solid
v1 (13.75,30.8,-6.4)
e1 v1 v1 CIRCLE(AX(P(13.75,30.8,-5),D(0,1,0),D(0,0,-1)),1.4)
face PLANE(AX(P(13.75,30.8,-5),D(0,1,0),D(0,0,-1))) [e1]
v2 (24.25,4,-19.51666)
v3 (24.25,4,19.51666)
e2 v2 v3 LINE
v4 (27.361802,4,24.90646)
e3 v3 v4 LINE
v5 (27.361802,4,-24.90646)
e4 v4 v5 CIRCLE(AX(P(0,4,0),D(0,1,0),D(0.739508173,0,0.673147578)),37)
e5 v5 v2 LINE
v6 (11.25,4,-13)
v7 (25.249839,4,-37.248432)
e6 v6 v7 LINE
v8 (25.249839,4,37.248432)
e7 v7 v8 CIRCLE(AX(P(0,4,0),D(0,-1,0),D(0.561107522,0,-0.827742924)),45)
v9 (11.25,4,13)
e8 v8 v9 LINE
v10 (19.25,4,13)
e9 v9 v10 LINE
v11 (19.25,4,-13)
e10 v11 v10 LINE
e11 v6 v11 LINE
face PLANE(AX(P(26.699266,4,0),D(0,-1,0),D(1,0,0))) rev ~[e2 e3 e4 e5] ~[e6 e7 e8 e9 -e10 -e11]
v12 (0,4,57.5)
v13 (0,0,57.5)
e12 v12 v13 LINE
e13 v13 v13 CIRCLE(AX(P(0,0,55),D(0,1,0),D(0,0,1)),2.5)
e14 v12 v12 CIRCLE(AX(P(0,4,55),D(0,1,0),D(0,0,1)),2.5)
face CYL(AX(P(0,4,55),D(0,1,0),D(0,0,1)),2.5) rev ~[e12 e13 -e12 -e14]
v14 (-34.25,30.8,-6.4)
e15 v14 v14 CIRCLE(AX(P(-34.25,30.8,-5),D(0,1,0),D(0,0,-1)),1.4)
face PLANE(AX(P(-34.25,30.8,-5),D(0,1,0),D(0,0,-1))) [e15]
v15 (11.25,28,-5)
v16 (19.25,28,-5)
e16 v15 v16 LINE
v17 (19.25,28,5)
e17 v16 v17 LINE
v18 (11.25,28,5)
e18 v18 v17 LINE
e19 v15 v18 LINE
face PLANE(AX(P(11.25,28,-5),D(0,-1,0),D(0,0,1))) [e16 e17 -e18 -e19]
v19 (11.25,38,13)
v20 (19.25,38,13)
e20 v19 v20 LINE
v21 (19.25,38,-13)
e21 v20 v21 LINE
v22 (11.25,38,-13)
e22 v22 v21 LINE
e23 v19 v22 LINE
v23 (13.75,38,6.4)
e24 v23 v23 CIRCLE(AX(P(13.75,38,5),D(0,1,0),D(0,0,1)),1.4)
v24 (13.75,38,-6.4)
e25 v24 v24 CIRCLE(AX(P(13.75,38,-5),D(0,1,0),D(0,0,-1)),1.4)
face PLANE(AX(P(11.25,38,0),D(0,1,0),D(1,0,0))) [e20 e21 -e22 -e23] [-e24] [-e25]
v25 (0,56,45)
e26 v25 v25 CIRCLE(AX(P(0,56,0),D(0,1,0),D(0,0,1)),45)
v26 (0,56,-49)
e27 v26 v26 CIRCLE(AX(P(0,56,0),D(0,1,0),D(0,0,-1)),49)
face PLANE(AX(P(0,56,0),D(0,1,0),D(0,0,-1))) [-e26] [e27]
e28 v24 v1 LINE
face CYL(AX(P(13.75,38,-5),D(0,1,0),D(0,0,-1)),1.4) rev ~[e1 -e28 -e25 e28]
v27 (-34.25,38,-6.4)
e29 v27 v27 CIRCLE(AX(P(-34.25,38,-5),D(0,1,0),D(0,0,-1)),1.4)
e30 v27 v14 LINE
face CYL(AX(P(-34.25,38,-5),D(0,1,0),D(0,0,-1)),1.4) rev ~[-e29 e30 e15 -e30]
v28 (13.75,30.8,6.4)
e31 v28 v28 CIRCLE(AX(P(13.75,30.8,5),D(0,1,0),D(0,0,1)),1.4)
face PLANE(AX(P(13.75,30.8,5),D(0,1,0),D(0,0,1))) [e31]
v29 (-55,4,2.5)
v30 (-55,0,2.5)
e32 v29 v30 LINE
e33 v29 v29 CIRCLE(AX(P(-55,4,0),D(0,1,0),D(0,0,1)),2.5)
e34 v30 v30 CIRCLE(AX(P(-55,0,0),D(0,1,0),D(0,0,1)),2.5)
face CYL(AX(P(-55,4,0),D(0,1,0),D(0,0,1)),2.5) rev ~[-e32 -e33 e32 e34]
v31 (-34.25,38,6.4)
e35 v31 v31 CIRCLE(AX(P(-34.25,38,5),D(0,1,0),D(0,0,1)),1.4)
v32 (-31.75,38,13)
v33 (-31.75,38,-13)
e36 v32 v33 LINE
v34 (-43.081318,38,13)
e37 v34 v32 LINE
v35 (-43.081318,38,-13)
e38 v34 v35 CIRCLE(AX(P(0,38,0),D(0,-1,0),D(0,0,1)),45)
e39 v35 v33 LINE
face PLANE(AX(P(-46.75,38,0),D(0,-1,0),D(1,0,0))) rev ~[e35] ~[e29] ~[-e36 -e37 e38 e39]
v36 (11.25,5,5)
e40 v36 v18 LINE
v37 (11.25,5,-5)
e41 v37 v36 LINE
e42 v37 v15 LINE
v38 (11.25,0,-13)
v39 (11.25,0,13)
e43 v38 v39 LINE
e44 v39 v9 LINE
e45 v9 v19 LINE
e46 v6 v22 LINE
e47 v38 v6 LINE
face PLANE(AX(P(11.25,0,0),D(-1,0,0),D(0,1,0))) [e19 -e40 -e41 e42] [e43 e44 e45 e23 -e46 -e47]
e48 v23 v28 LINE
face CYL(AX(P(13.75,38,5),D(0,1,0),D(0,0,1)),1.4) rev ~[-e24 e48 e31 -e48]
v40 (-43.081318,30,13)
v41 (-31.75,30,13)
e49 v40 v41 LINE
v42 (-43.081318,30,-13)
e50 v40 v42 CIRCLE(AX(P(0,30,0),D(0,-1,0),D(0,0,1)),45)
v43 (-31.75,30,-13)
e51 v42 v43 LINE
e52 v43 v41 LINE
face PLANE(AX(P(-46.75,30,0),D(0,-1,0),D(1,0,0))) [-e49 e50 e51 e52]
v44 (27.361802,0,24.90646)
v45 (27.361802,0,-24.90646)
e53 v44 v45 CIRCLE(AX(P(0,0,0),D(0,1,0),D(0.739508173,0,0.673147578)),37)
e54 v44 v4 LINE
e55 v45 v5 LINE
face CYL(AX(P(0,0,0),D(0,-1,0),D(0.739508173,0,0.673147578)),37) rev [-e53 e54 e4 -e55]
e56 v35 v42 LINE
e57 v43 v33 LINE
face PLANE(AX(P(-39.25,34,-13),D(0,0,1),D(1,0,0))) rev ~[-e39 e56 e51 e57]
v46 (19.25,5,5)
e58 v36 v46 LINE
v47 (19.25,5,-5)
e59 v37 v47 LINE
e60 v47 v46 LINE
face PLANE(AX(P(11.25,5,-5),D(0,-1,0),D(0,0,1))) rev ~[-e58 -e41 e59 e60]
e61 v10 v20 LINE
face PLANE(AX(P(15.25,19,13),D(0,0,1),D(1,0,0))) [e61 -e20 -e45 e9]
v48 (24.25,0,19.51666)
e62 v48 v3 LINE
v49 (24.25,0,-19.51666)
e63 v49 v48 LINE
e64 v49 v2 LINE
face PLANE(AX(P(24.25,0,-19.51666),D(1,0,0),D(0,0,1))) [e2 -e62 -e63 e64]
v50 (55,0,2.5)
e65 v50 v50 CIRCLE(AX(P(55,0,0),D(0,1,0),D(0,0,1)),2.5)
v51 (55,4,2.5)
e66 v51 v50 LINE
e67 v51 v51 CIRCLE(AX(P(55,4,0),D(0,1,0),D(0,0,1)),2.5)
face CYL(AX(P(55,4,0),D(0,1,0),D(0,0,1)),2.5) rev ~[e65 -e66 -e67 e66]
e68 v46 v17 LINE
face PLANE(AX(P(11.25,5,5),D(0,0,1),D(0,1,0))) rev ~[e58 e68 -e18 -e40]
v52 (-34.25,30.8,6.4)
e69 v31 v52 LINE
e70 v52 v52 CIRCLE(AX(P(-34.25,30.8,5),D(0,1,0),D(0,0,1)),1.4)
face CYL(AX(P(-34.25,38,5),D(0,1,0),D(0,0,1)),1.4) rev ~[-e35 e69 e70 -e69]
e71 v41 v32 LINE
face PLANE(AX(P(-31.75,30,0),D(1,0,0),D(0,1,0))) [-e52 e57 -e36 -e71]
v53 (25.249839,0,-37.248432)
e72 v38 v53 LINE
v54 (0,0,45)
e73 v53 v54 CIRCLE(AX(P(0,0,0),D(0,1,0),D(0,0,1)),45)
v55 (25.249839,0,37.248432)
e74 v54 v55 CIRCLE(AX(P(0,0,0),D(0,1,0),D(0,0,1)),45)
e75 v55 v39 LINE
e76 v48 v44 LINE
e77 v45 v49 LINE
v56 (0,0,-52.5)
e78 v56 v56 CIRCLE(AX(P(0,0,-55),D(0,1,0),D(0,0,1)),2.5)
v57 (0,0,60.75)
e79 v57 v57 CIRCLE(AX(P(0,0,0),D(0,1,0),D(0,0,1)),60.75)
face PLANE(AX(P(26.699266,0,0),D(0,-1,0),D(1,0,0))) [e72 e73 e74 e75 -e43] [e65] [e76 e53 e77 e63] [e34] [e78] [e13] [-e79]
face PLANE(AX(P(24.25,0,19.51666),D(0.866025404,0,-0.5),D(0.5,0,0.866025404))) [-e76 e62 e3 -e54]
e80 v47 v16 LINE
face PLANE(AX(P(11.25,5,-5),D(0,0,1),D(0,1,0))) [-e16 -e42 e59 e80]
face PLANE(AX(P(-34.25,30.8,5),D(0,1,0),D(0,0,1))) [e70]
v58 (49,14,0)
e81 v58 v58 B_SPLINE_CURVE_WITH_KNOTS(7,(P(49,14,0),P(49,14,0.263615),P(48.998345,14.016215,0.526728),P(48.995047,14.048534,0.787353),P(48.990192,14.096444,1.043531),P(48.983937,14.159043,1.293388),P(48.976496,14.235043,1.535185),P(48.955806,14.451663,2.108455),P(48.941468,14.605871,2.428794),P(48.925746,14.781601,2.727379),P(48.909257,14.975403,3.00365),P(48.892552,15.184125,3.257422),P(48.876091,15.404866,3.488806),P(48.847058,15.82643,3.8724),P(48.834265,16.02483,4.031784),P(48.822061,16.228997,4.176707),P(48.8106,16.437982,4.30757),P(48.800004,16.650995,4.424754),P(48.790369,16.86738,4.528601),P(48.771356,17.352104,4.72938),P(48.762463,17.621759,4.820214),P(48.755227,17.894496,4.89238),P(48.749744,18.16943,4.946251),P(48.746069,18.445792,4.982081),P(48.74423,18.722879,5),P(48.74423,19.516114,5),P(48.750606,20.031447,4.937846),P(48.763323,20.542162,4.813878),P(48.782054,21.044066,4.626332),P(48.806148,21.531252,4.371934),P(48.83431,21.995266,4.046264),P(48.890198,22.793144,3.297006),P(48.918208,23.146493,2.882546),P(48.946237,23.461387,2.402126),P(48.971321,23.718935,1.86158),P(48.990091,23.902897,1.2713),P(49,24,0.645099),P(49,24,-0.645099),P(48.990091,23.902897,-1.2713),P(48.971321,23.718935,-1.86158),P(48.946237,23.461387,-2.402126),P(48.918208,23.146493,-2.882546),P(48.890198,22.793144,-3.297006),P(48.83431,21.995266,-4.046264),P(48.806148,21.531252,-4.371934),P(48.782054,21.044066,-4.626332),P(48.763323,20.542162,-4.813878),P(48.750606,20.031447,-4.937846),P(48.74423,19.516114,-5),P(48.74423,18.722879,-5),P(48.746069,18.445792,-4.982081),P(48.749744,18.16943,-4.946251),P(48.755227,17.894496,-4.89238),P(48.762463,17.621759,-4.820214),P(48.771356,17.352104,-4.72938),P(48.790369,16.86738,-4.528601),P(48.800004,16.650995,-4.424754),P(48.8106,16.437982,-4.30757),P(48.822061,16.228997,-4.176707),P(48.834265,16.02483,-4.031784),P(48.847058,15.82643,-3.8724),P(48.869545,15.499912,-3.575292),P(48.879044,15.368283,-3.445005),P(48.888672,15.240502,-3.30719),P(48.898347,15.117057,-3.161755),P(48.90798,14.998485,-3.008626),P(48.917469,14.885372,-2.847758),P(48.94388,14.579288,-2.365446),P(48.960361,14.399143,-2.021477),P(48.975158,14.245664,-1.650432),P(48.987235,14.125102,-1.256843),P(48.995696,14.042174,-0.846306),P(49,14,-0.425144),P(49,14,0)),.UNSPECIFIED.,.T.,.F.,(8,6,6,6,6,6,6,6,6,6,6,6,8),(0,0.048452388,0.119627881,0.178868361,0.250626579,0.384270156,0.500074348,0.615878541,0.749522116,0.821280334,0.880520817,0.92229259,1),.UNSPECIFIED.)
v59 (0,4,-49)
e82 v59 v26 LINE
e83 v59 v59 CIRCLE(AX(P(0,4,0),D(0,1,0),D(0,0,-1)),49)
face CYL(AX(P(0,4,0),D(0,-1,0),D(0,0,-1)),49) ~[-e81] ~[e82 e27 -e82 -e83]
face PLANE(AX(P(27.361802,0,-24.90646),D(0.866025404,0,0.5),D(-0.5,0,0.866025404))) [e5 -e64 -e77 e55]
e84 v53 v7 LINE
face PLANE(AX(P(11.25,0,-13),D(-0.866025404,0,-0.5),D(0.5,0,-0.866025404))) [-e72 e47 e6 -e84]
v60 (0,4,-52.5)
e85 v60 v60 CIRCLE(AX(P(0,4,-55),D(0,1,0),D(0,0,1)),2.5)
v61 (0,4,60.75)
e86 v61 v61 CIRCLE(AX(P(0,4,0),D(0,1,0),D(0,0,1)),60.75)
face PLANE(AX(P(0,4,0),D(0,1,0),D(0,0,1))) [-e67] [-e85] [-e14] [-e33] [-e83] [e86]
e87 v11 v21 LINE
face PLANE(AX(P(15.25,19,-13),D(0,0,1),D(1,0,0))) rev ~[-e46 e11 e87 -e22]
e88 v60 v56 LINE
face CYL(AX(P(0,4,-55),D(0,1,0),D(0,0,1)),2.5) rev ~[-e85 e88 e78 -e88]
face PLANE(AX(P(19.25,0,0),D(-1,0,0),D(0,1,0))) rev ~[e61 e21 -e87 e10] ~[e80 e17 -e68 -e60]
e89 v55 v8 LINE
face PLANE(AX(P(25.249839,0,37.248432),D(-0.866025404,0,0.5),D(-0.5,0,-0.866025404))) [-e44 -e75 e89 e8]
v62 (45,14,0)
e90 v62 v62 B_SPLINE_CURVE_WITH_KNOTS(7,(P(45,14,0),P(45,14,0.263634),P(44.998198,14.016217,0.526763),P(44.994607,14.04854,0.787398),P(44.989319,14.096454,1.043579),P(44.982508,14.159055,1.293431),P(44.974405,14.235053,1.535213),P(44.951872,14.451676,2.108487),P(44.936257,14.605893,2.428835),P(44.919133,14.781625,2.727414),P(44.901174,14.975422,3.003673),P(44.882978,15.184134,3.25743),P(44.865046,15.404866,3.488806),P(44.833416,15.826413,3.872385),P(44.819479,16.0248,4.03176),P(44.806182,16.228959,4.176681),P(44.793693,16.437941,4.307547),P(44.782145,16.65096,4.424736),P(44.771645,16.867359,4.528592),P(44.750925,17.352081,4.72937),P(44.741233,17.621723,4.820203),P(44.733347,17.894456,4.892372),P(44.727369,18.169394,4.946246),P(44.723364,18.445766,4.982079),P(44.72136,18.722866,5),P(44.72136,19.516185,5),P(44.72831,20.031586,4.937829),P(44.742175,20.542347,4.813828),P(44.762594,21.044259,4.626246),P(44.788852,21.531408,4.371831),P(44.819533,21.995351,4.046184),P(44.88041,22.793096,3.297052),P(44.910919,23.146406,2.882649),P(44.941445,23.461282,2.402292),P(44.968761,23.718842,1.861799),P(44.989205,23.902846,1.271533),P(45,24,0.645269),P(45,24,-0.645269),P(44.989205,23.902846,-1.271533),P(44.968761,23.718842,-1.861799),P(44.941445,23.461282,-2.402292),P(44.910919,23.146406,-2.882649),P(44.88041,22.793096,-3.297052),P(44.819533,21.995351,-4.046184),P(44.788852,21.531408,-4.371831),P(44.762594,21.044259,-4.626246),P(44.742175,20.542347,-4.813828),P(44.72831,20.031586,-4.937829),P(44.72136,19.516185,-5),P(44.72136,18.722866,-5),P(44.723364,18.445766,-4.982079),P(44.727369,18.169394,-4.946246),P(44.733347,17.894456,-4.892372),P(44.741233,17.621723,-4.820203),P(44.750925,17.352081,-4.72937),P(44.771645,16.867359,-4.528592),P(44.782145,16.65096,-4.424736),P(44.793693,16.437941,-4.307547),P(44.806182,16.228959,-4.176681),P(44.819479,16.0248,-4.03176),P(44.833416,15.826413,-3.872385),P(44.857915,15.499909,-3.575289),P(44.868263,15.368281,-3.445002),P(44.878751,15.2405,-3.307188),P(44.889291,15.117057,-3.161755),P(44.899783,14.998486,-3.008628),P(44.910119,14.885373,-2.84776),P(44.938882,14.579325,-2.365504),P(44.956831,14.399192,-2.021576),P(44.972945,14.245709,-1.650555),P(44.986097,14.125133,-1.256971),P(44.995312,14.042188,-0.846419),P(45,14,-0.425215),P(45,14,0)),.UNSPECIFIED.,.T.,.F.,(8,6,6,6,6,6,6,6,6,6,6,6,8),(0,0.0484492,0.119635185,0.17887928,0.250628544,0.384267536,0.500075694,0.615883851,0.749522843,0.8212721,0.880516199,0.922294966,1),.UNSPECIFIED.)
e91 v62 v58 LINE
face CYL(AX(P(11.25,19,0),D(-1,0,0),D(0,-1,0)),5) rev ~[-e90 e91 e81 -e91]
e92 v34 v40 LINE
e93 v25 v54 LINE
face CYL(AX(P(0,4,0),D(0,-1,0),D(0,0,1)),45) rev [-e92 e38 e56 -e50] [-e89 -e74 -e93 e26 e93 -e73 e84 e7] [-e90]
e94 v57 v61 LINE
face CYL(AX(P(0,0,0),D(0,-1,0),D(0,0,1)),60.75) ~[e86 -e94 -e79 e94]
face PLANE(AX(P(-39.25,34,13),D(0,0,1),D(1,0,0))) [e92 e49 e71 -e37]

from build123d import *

# Parameters (mm, degrees)
SKETCH1_R               = 60.75
SKETCH1_R_2             = 45
BOSS_EXTRUDE1_DEPTH     = 4
SKETCH2_R               = 49
SKETCH2_R_2             = 45
BOSS_EXTRUDE2_DEPTH     = 52
SKETCH3_W               = 8
SKETCH3_H               = 38
SKETCH3_W_2             = 15
SKETCH3_H_2             = 8
BOSS_EXTRUDE3_DEPTH     = 13
SKETCH4_W               = 10
SKETCH4_H               = 23
CUT_EXTRUDE1_DEPTH      = 8
CUT_EXTRUDE2_REACH      = 111.593
CUT_EXTRUDE2_END_RADIUS = 49
SKETCH5_R               = 5
SKETCH6_R               = 1.4
CUT_EXTRUDE3_DEPTH      = 7.2
BOSS_EXTRUDE4_DEPTH     = 4
SKETCH8_R               = 2.5
CUT_EXTRUDE4_DEPTH      = 4


with BuildPart() as part:
    # Sketch1 → Boss-Extrude1 (new body)
    with BuildSketch(Plane(origin=(0, 0, 0), x_dir=(1, 0, 0), z_dir=(0, 1, 0))):
        with Locations(Location((0, 0, 0), (0, 0, 270))):
            Circle(SKETCH1_R)
        with Locations(Location((0, 0, 0), (0, 0, 270))):
            Circle(SKETCH1_R_2, mode=Mode.SUBTRACT)
    extrude(amount=BOSS_EXTRUDE1_DEPTH)

    # Sketch2 → Boss-Extrude2 (add)
    with BuildSketch(Plane(origin=(0, 4, 0), x_dir=(1, 0, 0), z_dir=(0, 1, 0))):
        with Locations(Location((0, 0, 0), (0, 0, 90))):
            Circle(SKETCH2_R)
        with Locations(Location((0, 0, 0), (0, 0, 270))):
            Circle(SKETCH2_R_2, mode=Mode.SUBTRACT)
    extrude(amount=BOSS_EXTRUDE2_DEPTH)

    # Sketch3 → Boss-Extrude3 (add, symmetric)
    with BuildSketch(Plane.XY):
        with Locations((15.25, 19)):
            Rectangle(SKETCH3_W, SKETCH3_H)
        with Locations((-39.25, 34)):
            Rectangle(SKETCH3_W_2, SKETCH3_H_2)
    extrude(amount=BOSS_EXTRUDE3_DEPTH, both=True)


with BuildPart() as boss_extrude3_piece_1:
    # of the separate pieces the step leaves, piece 1, a body of its own (boss_extrude3_pieces)
    add(part.part.solids().sort_by_distance((0, 0, 60.75))[0])

    # Cut-Extrude2: up to this cylinder (the profile starts inside it)
    cut_extrude2_end = Plane(origin=(0, 19, 0), z_dir=(0, -1, 0)) * Cylinder(CUT_EXTRUDE2_END_RADIUS, 322.186, mode=Mode.PRIVATE)
    # Sketch5 → Cut-Extrude2 (cut, up to the surface)
    with BuildSketch(Plane.ZY.offset(-11.25), mode=Mode.PRIVATE) as cut_extrude2_sk1:
        with Locations(Location((0, 19, 0), (0, 0, 270))):
            Circle(SKETCH5_R)
    cut_extrude2_tool1 = extrude(cut_extrude2_sk1.sketch, amount=-CUT_EXTRUDE2_REACH, mode=Mode.PRIVATE) & cut_extrude2_end
    add(cut_extrude2_tool1.solids().sort_by_distance((11.25, 19, 0))[0], mode=Mode.SUBTRACT)


with BuildPart() as boss_extrude3_piece_2:
    # of the separate pieces the step leaves, piece 2, a body of its own (boss_extrude3_pieces)
    add(part.part.solids().sort_by_distance((11.25, 0, -13))[0])

    # Sketch4 → Cut-Extrude1 (cut)
    with BuildSketch(Plane.ZY.offset(-11.25)):
        with Locations((0, 16.5)):
            Rectangle(SKETCH4_W, SKETCH4_H)
    extrude(amount=-CUT_EXTRUDE1_DEPTH, mode=Mode.SUBTRACT)


with BuildPart() as cut_extrude3_tool:
    # Sketch6 → Cut-Extrude3 (new body)
    with BuildSketch(Plane(origin=(0, 38, 0), x_dir=(1, 0, 0), z_dir=(0, 1, 0))):
        with Locations(Location((-34.25, -5, 0), (0, 0, 270))):
            Circle(SKETCH6_R)
        with Locations(Location((13.75, -5, 0), (0, 0, 270))):
            Circle(SKETCH6_R)
        with Locations(Location((13.75, 5, 0), (0, 0, 90))):
            Circle(SKETCH6_R)
        with Locations(Location((-34.25, 5, 0), (0, 0, 90))):
            Circle(SKETCH6_R)
    extrude(amount=-CUT_EXTRUDE3_DEPTH)


with BuildPart() as boss_extrude3_piece_1_1:
    add(boss_extrude3_piece_1.part)

    # Cut-Extrude3: cut by cut_extrude3_tool
    add(cut_extrude3_tool.part, mode=Mode.SUBTRACT)



with BuildPart() as boss_extrude3_piece_2_1:
    add(boss_extrude3_piece_2.part)

    # Cut-Extrude3: cut by cut_extrude3_tool
    add(cut_extrude3_tool.part, mode=Mode.SUBTRACT)


with BuildPart() as boss_extrude3_piece_1_2:
    add(boss_extrude3_piece_1_1.part)

    add(boss_extrude3_piece_2_1.part)  # Boss-Extrude4 merges Boss-Extrude3 piece 2
    # Sketch7 → Boss-Extrude4 (add)
    with BuildSketch(Plane.XZ):
        with BuildLine():
            Line((11.25, -13), (25.249838503, -37.248431585))
            ThreePointArc((25.249838503, -37.248431585), (45, 0), (25.249838503, 37.248431585))
            Line((25.249838503, 37.248431585), (11.25, 13))
            Line((11.25, 13), (11.25, -13))
        make_face()
        with BuildLine():
            Line((24.25, 19.516660498), (27.361802413, 24.906460381))
            ThreePointArc((27.361802413, 24.906460381), (37, 0), (27.361802413, -24.906460381))
            Line((27.361802413, -24.906460381), (24.25, -19.516660498))
            Line((24.25, -19.516660498), (24.25, 19.516660498))
        make_face(mode=Mode.SUBTRACT)
    extrude(amount=-BOSS_EXTRUDE4_DEPTH)

    # Sketch8 → Cut-Extrude4 (cut)
    with BuildSketch(Plane(origin=(0, 4, 0), x_dir=(1, 0, 0), z_dir=(0, 1, 0))):
        with Locations(Location((-55, 0, 0), (0, 0, 270))):
            Circle(SKETCH8_R)
        with Locations(Location((0, 55, 0), (0, 0, 270))):
            Circle(SKETCH8_R)
        with Locations(Location((55, 0, 0), (0, 0, 270))):
            Circle(SKETCH8_R)
        with Locations(Location((0, -55, 0), (0, 0, 270))):
            Circle(SKETCH8_R)
    extrude(amount=-CUT_EXTRUDE4_DEPTH, mode=Mode.SUBTRACT)


solid = boss_extrude3_piece_1_2.part
